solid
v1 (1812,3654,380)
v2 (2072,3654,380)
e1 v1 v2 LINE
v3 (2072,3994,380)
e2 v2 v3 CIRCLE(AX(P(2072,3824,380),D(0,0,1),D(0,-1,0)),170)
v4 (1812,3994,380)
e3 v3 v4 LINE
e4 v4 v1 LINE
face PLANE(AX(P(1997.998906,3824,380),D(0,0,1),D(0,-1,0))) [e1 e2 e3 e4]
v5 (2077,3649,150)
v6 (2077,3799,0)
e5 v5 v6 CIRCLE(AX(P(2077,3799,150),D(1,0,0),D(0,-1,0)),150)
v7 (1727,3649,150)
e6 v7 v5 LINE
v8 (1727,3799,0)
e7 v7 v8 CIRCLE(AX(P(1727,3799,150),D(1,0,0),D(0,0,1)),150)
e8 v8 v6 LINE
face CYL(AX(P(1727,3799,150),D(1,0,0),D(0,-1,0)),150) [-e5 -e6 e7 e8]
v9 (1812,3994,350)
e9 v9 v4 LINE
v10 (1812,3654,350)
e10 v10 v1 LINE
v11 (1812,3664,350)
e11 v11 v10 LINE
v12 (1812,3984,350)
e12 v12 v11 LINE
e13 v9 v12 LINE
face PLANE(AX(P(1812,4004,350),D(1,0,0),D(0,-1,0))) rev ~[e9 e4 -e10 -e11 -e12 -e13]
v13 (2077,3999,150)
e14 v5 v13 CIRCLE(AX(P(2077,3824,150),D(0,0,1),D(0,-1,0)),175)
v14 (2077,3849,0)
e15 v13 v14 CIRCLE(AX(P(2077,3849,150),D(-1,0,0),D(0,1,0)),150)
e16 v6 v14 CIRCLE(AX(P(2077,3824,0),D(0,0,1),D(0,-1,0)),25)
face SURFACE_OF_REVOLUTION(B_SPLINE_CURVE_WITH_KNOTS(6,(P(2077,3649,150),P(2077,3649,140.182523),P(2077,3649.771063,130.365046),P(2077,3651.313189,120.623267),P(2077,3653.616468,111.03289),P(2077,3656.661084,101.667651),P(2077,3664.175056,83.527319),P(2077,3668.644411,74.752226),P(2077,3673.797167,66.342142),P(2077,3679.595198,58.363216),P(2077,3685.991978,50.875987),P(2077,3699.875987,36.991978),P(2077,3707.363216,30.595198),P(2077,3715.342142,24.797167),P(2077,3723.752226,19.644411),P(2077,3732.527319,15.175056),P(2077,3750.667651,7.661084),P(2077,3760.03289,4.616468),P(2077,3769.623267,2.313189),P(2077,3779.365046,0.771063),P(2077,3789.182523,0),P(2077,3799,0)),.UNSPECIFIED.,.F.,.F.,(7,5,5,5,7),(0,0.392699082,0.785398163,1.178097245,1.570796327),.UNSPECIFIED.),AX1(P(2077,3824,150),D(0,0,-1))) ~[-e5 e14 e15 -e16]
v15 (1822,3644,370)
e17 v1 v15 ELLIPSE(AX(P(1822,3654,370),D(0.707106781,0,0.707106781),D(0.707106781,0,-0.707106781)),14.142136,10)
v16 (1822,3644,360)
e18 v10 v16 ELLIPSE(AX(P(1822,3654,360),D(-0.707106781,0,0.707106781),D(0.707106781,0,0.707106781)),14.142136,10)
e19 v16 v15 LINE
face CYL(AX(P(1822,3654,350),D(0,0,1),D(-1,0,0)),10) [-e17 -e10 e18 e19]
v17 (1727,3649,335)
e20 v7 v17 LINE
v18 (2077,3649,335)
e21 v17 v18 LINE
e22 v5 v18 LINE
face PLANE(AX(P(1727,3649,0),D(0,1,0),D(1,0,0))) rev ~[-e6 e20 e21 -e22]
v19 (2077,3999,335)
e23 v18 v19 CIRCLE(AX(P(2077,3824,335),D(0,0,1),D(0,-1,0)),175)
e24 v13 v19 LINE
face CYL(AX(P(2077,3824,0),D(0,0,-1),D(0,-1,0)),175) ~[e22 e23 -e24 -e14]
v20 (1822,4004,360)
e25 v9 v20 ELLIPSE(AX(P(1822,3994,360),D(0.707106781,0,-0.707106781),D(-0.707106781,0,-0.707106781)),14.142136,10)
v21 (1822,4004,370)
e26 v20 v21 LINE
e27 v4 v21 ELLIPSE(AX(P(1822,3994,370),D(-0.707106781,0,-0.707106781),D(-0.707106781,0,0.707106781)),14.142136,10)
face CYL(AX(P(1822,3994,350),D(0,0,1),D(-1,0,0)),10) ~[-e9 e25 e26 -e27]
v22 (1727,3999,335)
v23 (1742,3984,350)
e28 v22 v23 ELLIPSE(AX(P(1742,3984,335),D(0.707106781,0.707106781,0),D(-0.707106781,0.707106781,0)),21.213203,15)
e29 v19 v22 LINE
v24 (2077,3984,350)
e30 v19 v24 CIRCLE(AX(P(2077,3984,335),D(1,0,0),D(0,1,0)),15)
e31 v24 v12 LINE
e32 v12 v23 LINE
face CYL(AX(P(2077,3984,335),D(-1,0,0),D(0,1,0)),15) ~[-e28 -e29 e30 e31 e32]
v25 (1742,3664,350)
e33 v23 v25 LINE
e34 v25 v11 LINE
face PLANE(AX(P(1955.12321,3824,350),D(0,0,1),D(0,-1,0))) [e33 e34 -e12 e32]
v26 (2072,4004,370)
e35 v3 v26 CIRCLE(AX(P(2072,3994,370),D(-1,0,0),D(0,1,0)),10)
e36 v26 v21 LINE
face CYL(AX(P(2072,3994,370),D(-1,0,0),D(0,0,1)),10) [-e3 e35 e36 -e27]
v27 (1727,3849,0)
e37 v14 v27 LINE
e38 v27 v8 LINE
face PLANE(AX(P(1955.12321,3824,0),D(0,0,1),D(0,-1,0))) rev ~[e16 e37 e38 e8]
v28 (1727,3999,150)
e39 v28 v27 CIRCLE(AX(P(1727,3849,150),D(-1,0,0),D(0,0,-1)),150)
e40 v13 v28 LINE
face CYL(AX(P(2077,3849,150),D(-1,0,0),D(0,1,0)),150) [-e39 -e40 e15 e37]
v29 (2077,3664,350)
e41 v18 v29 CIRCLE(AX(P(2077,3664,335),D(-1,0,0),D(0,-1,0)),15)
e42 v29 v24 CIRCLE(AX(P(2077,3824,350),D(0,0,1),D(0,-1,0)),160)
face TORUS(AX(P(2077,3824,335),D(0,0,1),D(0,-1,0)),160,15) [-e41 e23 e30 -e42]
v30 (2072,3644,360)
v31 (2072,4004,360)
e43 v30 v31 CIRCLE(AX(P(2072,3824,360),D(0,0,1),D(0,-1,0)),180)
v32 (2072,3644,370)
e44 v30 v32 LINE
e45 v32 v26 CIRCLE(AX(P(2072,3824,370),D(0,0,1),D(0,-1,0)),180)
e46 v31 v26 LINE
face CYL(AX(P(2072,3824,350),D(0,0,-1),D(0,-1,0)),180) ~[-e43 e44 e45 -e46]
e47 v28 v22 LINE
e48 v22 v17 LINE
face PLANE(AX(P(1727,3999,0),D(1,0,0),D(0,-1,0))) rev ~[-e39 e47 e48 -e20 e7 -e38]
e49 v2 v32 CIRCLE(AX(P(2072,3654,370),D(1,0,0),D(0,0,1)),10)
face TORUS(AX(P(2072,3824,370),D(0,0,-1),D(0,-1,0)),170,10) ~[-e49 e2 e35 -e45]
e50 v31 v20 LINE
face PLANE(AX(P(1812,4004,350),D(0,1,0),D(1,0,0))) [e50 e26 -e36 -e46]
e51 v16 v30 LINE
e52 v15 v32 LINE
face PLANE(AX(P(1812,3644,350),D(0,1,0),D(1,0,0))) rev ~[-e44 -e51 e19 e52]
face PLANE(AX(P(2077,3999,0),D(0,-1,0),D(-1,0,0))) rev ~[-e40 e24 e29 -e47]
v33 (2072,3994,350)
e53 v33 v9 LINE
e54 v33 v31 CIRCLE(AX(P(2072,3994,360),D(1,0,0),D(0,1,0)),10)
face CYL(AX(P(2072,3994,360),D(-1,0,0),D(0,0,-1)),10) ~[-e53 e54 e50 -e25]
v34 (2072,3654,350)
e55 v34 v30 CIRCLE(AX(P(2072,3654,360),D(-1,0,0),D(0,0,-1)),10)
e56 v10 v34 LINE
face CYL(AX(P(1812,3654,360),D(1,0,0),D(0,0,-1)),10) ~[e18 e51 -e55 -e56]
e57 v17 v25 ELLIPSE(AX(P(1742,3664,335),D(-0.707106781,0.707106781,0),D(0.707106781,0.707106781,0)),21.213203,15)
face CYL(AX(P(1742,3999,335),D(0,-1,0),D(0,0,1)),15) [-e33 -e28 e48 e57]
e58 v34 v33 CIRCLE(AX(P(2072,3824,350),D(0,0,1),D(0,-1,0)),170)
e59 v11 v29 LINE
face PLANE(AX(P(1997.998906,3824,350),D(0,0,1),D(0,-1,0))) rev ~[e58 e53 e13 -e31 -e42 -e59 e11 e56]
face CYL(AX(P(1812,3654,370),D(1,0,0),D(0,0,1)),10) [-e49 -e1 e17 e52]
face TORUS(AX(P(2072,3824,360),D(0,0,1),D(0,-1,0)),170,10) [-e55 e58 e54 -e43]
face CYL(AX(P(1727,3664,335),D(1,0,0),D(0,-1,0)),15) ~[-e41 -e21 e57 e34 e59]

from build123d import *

# Parameters (mm, degrees)
PAD014_DEPTH            = 350
FILLET013_R             = 150
FILLET014_R             = 15
PAD015_DEPTH            = 30
FILLET015_R             = 10
BODY010_PLACEMENT_ANGLE = 270


with BuildPart() as part:
    # Sketch194 → Pad014 (new body)
    with BuildSketch(Plane.XY):
        with BuildLine():
            Line((0, 350), (0, 0))
            Line((0, 0), (350, 0))
            Line((350, 0), (350, 350))
            ThreePointArc((350, 350), (175, 525), (0, 350))
        make_face()
    extrude(amount=PAD014_DEPTH)

    # Fillet013
    fillet013_edges = [part.edges().sort_by_distance(p)[0] for p in [
        (350, 175, 0),
        (175, 525, 0),
        (0, 175, 0),
    ]]
    fillet(fillet013_edges, radius=FILLET013_R)

    # Fillet014
    fillet014_edges = [part.edges().sort_by_distance(p)[0] for p in [
        (0, 175, 350),
        (175, 0, 350),
        (350, 175, 350),
        (175, 525, 350),
    ]]
    fillet(fillet014_edges, radius=FILLET014_R)

    # Sketch195 (on Face4 of Fillet013) → Pad015 (join)
    with BuildSketch(Plane.XY.offset(350)):
        with BuildLine():
            Line((-5, 85), (355, 85))
            Line((355, 85), (355, 345))
            ThreePointArc((355, 345), (175, 525), (-5, 345))
            Line((-5, 85), (-5, 345))
        make_face()
    extrude(amount=PAD015_DEPTH)

    # Fillet015
    fillet015_edges = [part.edges().sort_by_distance(p)[0] for p in [
        (355, 345, 365),
        (-5, 345, 365),
        (175, 525, 350),
        (175, 525, 380),
        (-5, 85, 365),
        (-5, 215, 350),
        (-5, 215, 380),
        (355, 85, 365),
        (355, 215, 350),
        (355, 215, 380),
    ]]
    fillet(fillet015_edges, radius=FILLET015_R)


with BuildPart() as part_1:
    # Body010 placement: moved
    add(part.part.moved(Location((1727, 3999, 0))).rotate(Axis((1727, 3999, 0), (0, 0, 1)), BODY010_PLACEMENT_ANGLE))


solid = part_1.part
